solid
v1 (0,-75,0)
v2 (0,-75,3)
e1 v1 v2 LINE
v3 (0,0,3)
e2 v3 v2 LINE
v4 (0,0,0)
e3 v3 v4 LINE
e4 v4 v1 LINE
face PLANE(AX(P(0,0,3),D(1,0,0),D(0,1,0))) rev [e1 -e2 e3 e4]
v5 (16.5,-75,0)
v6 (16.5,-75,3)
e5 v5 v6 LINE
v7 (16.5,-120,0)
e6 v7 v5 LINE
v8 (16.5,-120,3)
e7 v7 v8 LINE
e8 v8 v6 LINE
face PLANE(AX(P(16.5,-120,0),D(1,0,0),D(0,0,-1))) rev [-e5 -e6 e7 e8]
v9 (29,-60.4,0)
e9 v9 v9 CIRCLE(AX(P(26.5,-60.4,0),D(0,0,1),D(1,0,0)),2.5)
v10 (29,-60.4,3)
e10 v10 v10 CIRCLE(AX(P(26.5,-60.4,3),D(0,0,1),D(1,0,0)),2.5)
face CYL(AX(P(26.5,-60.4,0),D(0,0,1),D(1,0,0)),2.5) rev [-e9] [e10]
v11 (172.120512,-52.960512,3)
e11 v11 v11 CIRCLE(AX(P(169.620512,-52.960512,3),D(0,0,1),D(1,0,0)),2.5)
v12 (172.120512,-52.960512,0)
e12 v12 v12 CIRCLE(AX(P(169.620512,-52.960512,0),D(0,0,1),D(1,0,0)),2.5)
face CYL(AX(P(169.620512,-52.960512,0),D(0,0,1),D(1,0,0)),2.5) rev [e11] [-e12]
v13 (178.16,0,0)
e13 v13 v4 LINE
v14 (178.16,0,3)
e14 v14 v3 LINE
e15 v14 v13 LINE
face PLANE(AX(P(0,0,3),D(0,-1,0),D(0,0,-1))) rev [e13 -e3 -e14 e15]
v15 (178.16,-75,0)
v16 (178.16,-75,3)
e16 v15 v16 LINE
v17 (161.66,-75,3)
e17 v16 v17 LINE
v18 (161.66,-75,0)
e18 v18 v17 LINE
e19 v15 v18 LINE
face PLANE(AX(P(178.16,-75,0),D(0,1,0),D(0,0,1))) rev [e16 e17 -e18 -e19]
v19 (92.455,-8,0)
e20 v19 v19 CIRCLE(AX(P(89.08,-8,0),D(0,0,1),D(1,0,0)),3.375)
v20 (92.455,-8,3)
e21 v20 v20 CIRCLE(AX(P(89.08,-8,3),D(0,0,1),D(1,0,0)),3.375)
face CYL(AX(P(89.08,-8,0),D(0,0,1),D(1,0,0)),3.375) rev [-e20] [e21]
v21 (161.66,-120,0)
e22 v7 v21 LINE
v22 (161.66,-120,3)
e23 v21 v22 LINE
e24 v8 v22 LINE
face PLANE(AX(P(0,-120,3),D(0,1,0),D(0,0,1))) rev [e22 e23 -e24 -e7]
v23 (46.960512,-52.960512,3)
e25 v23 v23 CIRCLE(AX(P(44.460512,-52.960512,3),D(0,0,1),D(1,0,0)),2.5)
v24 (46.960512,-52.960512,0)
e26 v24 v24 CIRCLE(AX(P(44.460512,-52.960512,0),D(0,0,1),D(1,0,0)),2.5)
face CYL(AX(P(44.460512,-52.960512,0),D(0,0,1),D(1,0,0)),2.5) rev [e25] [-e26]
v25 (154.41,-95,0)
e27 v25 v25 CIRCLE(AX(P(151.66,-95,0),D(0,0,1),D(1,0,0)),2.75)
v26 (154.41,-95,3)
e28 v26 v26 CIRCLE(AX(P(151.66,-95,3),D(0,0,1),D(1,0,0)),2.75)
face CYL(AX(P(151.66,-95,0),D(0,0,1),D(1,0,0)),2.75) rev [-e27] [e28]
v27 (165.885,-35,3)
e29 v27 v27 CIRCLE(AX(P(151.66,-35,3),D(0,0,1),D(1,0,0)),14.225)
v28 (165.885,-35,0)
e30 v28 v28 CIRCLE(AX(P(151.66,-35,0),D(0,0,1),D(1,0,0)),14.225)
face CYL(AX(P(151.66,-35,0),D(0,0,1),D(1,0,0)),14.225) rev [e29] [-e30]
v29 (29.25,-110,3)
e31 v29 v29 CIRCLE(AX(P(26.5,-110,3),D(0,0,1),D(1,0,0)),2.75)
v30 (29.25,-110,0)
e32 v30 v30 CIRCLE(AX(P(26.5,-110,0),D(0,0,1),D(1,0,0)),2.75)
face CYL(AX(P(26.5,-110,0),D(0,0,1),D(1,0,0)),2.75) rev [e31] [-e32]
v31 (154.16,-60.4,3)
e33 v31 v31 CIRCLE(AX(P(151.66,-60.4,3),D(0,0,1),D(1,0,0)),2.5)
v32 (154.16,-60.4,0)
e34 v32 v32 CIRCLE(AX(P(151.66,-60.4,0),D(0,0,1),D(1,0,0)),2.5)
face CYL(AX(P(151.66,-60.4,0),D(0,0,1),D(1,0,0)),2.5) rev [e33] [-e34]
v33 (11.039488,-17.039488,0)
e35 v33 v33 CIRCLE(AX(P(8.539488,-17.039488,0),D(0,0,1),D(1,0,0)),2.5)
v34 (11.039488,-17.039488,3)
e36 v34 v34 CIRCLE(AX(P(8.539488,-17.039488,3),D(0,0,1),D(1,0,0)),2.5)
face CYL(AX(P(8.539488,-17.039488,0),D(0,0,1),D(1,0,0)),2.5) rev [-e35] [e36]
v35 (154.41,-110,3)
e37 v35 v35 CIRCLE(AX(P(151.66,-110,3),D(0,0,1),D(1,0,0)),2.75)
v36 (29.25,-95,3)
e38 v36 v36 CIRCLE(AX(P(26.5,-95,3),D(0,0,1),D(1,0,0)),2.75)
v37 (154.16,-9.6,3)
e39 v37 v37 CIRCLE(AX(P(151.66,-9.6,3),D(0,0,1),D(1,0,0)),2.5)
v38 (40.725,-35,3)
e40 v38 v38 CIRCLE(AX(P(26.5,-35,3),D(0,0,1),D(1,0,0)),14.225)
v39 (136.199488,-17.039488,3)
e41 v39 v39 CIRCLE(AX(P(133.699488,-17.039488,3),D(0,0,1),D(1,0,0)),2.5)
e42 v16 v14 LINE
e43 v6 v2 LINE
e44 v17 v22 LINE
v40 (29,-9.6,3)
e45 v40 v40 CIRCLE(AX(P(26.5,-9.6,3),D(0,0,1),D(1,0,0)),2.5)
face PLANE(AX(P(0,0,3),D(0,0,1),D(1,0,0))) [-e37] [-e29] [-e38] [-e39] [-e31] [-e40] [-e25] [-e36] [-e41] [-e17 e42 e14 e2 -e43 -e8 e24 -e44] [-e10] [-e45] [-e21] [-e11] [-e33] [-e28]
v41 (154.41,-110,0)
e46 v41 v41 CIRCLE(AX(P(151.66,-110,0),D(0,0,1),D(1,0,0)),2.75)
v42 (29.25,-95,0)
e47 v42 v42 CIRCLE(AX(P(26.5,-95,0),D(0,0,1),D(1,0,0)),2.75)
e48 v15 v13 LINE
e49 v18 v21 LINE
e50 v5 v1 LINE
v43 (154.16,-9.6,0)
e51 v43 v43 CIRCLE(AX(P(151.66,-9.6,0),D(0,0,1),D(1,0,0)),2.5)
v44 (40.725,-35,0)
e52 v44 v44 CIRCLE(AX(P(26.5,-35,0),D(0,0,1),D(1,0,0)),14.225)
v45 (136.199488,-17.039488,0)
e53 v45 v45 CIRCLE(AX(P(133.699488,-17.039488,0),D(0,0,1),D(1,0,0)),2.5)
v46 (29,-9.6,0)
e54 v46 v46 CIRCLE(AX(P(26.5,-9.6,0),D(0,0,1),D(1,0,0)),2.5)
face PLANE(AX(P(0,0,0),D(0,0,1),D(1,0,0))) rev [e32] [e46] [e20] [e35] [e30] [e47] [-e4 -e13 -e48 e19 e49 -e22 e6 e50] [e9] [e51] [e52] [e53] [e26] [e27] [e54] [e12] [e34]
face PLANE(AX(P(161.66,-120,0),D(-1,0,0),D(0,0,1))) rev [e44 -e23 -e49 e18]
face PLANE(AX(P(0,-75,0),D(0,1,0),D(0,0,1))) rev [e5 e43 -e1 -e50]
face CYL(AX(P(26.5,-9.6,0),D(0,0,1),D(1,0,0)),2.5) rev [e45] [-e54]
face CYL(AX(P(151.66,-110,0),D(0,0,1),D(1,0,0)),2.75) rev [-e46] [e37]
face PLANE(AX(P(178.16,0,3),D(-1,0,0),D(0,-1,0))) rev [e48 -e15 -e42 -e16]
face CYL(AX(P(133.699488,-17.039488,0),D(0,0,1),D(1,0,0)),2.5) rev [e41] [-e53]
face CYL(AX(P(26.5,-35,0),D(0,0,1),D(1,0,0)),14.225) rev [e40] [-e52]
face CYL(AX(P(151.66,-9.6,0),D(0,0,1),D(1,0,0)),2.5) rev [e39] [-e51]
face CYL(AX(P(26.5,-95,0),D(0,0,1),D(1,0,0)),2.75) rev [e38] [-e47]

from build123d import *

# Parameters (mm, degrees)
SKETCH1_W           = 178.16
SKETCH1_H           = 120
BOSS_EXTRUDE1_DEPTH = 3
SKETCH2_R           = 14.225
SKETCH2_R_2         = 2.75
SKETCH2_R_3         = 3.375
CUT_EXTRUDE1_DEPTH  = 4
SKETCH3_R           = 2.0193
CUT_EXTRUDE2_DEPTH  = 4
SKETCH6_R           = 2.5
CUT_EXTRUDE3_DEPTH  = 4
SKETCH7_W           = 16.5
SKETCH7_H           = 45
CUT_EXTRUDE4_DEPTH  = 4


with BuildPart() as part:
    # Sketch1 → Boss-Extrude1 (new body)
    with BuildSketch(Plane.XY):
        with Locations((89.08, -60)):
            Rectangle(SKETCH1_W, SKETCH1_H)
    extrude(amount=BOSS_EXTRUDE1_DEPTH)

    # Sketch2 → Cut-Extrude1 (cut, through all)
    with BuildSketch(Plane.XY.offset(3)):
        with Locations((26.5, -35)):
            Circle(SKETCH2_R)
        with Locations((151.66, -35)):
            Circle(SKETCH2_R)
        with Locations((26.5, -110)):
            Circle(SKETCH2_R_2)
        with Locations((151.66, -110)):
            Circle(SKETCH2_R_2)
        with Locations((89.08, -8)):
            Circle(SKETCH2_R_3)
        with Locations((26.5, -95)):
            Circle(SKETCH2_R_2)
        with Locations((151.66, -95)):
            Circle(SKETCH2_R_2)
    extrude(amount=-CUT_EXTRUDE1_DEPTH, mode=Mode.SUBTRACT)

    # Sketch3 → Cut-Extrude2 (cut, through all)
    with BuildSketch(Plane(origin=(0, 0, 0), x_dir=(-1, 0, 0), z_dir=(0, 0, -1))):
        with Locations((-44.460512242, -52.960512242)):
            Circle(SKETCH3_R)
        with Locations((-26.5, -9.6)):
            Circle(SKETCH3_R)
        with Locations((-8.539487758, -17.039487758)):
            Circle(SKETCH3_R)
        with Locations((-26.5, -60.4)):
            Circle(SKETCH3_R)
        with Locations((-133.699487758, -17.039487758)):
            Circle(SKETCH3_R)
        with Locations((-151.66, -9.6)):
            Circle(SKETCH3_R)
        with Locations((-151.66, -60.4)):
            Circle(SKETCH3_R)
        with Locations((-169.620512242, -52.960512242)):
            Circle(SKETCH3_R)
    extrude(amount=-CUT_EXTRUDE2_DEPTH, mode=Mode.SUBTRACT)

    # Sketch6 → Cut-Extrude3 (cut, through all)
    with BuildSketch(Plane.XY.offset(3)):
        with Locations((26.5, -60.4)):
            Circle(SKETCH6_R)
        with Locations((44.460512242, -52.960512242)):
            Circle(SKETCH6_R)
        with Locations((26.5, -9.6)):
            Circle(SKETCH6_R)
        with Locations((8.539487758, -17.039487758)):
            Circle(SKETCH6_R)
        with Locations((169.620512242, -52.960512242)):
            Circle(SKETCH6_R)
        with Locations((151.66, -60.4)):
            Circle(SKETCH6_R)
        with Locations((133.699487758, -17.039487758)):
            Circle(SKETCH6_R)
        with Locations((151.66, -9.6)):
            Circle(SKETCH6_R)
    extrude(amount=-CUT_EXTRUDE3_DEPTH, mode=Mode.SUBTRACT)

    # Sketch7 → Cut-Extrude4 (cut, through all)
    with BuildSketch(Plane.XY.offset(3)):
        with Locations((169.91, -97.5)):
            Rectangle(SKETCH7_W, SKETCH7_H)
        with Locations((8.25, -97.5)):
            Rectangle(SKETCH7_W, SKETCH7_H)
    extrude(amount=-CUT_EXTRUDE4_DEPTH, mode=Mode.SUBTRACT)


solid = part.part
